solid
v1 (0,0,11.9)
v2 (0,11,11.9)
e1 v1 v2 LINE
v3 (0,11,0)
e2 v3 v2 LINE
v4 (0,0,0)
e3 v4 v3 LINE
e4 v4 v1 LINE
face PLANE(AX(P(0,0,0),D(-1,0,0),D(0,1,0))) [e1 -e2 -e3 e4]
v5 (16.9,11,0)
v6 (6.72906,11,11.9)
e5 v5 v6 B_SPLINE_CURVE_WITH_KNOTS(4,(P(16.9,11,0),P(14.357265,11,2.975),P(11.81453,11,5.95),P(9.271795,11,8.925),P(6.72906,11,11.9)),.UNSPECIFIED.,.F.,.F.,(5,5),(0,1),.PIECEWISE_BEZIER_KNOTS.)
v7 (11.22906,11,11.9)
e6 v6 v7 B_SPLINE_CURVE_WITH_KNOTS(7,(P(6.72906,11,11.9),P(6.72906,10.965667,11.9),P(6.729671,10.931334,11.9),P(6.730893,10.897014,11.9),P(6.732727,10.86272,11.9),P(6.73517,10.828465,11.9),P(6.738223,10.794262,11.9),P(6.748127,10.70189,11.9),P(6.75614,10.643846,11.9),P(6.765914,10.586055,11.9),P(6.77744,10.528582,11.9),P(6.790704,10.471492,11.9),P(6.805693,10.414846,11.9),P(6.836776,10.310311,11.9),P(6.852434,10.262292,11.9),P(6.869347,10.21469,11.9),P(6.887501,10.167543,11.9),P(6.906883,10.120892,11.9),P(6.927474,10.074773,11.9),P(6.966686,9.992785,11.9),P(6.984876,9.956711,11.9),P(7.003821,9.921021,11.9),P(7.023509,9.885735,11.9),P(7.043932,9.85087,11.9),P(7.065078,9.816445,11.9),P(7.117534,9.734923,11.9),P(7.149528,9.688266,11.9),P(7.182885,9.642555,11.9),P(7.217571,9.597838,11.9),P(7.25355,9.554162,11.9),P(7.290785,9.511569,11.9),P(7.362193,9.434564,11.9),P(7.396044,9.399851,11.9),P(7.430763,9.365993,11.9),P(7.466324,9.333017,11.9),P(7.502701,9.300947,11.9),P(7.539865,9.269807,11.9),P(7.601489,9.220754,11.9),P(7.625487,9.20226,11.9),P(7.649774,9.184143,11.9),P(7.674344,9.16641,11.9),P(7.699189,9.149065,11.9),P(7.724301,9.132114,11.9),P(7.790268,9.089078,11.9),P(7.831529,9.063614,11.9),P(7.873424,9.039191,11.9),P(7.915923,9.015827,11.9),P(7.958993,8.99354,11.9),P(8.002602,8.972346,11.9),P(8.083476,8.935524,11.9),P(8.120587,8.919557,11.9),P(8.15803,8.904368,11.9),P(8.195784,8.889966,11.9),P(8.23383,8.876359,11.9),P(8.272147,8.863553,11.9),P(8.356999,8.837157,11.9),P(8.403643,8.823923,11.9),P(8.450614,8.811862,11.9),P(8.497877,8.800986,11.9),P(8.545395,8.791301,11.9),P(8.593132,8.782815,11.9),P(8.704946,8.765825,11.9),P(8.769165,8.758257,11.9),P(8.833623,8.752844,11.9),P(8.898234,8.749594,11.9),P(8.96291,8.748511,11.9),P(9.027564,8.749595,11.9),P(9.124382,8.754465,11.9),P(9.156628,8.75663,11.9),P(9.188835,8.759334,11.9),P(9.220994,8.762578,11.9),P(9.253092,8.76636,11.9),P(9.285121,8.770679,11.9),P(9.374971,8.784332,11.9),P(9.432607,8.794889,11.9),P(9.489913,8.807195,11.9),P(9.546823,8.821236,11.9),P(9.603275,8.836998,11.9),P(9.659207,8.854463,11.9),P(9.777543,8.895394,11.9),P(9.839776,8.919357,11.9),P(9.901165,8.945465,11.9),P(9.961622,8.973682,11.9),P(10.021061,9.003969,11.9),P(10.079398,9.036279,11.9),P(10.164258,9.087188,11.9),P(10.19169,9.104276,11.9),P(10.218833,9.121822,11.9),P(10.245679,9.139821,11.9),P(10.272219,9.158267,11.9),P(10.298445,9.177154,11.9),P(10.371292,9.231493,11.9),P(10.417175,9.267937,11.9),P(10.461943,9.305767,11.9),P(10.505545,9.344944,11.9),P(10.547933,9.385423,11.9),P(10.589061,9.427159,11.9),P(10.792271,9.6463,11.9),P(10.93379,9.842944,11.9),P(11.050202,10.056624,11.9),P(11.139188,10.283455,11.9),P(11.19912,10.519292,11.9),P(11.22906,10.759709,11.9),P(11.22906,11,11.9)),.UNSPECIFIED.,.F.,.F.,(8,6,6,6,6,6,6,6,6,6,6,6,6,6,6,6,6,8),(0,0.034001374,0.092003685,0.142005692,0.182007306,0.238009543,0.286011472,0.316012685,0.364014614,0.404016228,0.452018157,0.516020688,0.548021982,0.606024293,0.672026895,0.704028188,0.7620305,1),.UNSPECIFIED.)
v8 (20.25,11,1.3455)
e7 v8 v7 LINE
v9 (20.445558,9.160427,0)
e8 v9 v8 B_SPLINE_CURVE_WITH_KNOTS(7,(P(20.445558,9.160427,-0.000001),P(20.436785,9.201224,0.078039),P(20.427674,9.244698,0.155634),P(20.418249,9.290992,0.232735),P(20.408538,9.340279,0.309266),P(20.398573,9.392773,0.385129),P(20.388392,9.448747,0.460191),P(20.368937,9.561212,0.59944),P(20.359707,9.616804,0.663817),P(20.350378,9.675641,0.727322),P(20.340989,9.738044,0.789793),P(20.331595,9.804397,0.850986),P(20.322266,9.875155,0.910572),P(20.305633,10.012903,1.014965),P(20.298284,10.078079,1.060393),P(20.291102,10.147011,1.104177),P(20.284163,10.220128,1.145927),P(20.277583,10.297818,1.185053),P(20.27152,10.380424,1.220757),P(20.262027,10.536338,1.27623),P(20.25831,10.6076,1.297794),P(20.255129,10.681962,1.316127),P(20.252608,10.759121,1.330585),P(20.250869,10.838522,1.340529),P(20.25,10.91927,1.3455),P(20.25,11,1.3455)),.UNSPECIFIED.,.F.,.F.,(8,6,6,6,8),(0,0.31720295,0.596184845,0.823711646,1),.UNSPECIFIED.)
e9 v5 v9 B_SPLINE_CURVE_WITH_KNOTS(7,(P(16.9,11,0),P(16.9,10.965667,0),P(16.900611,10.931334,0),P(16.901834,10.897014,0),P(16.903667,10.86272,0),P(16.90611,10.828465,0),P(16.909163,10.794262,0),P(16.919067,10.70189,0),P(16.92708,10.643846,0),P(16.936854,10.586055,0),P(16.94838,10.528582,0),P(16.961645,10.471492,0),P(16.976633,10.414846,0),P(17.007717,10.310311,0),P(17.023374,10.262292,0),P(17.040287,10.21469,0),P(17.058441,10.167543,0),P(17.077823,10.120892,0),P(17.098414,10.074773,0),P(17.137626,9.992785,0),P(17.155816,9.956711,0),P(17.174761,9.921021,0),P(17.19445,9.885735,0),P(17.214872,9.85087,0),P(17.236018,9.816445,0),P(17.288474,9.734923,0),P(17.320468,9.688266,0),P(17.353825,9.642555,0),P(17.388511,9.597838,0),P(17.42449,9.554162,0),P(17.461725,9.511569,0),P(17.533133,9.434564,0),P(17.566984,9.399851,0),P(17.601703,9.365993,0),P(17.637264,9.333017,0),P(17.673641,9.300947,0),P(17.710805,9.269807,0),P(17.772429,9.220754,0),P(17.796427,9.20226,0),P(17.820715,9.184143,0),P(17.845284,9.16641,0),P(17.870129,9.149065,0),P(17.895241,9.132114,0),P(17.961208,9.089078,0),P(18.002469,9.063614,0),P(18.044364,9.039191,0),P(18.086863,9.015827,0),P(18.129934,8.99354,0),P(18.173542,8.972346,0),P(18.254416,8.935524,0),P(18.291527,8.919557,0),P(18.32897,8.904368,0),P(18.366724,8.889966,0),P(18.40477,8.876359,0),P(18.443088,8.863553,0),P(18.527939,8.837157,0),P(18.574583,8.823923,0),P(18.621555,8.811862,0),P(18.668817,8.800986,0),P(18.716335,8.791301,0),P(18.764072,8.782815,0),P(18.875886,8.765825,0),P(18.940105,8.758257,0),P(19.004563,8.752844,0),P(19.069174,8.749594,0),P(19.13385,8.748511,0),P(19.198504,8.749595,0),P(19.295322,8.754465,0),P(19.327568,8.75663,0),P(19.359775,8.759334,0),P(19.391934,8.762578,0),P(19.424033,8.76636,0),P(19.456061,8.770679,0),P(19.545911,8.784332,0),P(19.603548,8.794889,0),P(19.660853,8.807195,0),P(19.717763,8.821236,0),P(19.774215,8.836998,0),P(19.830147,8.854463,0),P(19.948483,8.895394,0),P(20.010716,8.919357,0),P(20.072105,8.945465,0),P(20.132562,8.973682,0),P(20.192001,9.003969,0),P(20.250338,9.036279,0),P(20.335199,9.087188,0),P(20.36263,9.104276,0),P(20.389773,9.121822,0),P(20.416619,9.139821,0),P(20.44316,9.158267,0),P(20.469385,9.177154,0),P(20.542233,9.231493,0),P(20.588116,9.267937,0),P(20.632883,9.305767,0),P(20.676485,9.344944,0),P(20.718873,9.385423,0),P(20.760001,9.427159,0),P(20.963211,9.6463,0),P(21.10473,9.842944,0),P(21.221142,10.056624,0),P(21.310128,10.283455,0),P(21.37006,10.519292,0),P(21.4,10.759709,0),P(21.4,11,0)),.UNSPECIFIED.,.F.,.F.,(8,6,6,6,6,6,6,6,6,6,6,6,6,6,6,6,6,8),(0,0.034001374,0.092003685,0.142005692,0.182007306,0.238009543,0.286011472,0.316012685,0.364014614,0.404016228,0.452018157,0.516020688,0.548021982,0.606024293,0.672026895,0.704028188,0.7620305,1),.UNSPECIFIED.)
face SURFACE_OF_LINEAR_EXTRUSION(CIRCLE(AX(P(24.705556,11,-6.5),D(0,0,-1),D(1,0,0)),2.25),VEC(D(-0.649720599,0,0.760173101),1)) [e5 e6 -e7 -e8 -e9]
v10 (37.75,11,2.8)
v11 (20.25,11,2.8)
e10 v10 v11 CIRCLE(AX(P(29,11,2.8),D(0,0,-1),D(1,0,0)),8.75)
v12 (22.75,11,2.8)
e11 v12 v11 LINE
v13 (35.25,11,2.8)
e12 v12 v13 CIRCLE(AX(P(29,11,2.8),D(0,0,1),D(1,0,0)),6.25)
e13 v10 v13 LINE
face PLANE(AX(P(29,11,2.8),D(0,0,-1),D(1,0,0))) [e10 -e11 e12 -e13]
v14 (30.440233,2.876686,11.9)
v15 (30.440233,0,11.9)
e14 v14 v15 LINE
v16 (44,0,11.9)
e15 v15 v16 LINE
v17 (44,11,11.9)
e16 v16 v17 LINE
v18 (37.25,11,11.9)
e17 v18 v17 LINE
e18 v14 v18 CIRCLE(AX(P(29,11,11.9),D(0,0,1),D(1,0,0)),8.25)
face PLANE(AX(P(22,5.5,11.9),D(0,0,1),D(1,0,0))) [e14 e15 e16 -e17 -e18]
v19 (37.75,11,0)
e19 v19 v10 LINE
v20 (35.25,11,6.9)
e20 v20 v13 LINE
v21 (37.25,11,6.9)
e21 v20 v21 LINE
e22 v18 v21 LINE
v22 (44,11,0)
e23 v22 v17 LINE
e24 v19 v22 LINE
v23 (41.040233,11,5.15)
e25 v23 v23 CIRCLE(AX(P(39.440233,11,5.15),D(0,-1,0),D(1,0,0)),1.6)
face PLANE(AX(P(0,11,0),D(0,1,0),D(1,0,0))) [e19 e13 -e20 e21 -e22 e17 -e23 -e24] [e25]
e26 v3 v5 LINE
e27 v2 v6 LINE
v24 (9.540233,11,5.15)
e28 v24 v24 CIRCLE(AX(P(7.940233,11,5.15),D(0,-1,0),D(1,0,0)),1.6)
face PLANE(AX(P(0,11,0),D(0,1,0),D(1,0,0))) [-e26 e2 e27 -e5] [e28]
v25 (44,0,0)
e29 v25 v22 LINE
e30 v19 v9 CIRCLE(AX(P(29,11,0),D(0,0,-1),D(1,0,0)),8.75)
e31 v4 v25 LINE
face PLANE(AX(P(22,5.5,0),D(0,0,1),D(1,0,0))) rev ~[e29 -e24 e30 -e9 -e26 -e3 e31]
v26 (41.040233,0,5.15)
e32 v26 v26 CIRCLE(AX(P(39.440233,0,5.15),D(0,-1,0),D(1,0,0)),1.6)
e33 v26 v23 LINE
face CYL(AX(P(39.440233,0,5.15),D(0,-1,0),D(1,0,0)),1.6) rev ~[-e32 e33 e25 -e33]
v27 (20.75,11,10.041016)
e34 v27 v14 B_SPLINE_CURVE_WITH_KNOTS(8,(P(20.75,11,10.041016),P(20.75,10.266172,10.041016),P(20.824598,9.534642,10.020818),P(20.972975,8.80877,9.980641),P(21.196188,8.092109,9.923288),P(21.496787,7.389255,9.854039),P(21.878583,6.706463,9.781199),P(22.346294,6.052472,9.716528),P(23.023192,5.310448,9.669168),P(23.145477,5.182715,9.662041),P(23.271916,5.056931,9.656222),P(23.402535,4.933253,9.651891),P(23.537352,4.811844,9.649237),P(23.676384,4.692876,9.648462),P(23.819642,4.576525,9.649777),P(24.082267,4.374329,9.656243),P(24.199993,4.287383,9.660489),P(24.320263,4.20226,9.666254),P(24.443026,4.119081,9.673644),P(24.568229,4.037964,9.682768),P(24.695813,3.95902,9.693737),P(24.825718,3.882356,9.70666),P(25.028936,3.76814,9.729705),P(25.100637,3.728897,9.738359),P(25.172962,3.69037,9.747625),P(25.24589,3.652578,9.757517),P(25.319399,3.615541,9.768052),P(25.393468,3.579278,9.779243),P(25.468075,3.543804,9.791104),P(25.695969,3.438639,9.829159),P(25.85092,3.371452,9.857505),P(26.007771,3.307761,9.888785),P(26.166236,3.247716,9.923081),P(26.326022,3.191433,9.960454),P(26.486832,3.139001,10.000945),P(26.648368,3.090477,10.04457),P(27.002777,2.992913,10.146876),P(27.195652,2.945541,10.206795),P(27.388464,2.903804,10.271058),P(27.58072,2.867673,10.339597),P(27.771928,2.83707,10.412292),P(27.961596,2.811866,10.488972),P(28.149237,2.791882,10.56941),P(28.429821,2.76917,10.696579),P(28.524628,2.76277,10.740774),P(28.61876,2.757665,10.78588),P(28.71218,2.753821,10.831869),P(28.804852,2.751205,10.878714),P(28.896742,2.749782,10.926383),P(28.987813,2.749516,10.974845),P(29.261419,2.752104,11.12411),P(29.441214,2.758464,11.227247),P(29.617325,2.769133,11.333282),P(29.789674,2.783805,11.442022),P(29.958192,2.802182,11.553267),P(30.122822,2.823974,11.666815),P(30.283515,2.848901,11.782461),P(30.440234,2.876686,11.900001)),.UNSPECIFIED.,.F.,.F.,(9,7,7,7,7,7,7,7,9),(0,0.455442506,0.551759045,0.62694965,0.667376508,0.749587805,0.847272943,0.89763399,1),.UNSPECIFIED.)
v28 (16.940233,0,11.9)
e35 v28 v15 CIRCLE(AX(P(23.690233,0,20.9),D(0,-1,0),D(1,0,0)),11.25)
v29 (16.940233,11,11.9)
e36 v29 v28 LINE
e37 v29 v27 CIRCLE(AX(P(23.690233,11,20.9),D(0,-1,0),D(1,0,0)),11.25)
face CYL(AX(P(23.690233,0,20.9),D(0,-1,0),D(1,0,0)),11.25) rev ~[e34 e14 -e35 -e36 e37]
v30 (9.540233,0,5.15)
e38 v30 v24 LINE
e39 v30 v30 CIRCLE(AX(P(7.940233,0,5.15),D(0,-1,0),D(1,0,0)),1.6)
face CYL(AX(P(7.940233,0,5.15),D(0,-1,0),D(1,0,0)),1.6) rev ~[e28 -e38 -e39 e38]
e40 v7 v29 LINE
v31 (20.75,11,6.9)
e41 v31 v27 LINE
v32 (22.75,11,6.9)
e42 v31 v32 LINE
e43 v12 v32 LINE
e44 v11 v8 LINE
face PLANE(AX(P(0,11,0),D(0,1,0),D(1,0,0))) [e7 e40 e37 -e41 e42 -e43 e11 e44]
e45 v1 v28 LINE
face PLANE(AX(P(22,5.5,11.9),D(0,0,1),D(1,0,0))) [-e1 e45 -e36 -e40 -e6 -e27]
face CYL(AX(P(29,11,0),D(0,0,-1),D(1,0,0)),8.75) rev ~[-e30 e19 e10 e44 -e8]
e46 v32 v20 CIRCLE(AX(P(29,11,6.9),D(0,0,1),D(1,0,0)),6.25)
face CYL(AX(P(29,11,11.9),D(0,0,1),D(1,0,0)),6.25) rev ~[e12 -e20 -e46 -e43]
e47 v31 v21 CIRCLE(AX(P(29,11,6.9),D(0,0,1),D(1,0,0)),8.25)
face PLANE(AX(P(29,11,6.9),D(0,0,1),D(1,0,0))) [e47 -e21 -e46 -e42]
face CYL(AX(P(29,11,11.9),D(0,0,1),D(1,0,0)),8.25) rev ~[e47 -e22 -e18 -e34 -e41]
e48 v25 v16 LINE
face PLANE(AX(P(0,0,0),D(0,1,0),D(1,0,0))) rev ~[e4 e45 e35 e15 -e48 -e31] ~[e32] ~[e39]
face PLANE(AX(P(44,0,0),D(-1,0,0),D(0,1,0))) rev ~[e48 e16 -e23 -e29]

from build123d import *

# Parameters (mm, degrees)
F0_W     = 44
F0_H     = 11
F1_DEPTH = 11.9
F2_R     = 6.25
F3_DEPTH = 25
F4_R     = 8.25
F5_DEPTH = 5
F6_R     = 8.75
F7_DEPTH = 2.8
F8_R     = 1.6
F8_R_2   = 11.25
F9_DEPTH = 25
F11_R    = 2.25


with BuildPart() as f1:
    # F0 (on Top) → F1 (new body)
    with BuildSketch(Plane.XY):
        with Locations((22, 5.5)):
            Rectangle(F0_W, F0_H)
    extrude(amount=F1_DEPTH)

    # F2 (on face) → F3 (cut)
    with BuildSketch(Plane.XY.offset(11.9)):
        with Locations((29, 11)):
            Circle(F2_R)
    extrude(amount=-F3_DEPTH, mode=Mode.SUBTRACT)

    # F4 (on face) → F5 (cut)
    with BuildSketch(Plane.XY.offset(11.9)):
        with Locations((29, 11)):
            Circle(F4_R)
    extrude(amount=-F5_DEPTH, mode=Mode.SUBTRACT)

    # F6 (on face) → F7 (cut)
    with BuildSketch(Plane(origin=(0, 0, 0), x_dir=(1, 0, 0), z_dir=(0, 0, -1))):
        with Locations((29, -11)):
            Circle(F6_R)
    extrude(amount=-F7_DEPTH, mode=Mode.SUBTRACT)

    # F8 (on face) → F9 (cut)
    with BuildSketch(Plane.XZ):
        with Locations((39.440233, 5.15)):
            Circle(F8_R)
        with Locations((7.940233, 5.15)):
            Circle(F8_R)
        with Locations((23.690233, 20.9)):
            Circle(F8_R_2)
    extrude(amount=-F9_DEPTH, mode=Mode.SUBTRACT)

    # F12: sweep along a path in F10
    with BuildLine(Plane(origin=(0, 11, 0), x_dir=(-1, 0, 0), z_dir=(0, 1, 0))) as f12_path:
        Line((-22.5, -6.5), (-2.5, 16.9))
    # F11 (on face) → F12 (sweep, cut)
    with BuildSketch(Plane(origin=(0, 0, 0), x_dir=(1, 0, 0), z_dir=(0, 0, -1))):
        with Locations((19.15, -11)):
            Circle(F11_R)
    sweep(path=f12_path.line, mode=Mode.SUBTRACT)


solid = f1.part
